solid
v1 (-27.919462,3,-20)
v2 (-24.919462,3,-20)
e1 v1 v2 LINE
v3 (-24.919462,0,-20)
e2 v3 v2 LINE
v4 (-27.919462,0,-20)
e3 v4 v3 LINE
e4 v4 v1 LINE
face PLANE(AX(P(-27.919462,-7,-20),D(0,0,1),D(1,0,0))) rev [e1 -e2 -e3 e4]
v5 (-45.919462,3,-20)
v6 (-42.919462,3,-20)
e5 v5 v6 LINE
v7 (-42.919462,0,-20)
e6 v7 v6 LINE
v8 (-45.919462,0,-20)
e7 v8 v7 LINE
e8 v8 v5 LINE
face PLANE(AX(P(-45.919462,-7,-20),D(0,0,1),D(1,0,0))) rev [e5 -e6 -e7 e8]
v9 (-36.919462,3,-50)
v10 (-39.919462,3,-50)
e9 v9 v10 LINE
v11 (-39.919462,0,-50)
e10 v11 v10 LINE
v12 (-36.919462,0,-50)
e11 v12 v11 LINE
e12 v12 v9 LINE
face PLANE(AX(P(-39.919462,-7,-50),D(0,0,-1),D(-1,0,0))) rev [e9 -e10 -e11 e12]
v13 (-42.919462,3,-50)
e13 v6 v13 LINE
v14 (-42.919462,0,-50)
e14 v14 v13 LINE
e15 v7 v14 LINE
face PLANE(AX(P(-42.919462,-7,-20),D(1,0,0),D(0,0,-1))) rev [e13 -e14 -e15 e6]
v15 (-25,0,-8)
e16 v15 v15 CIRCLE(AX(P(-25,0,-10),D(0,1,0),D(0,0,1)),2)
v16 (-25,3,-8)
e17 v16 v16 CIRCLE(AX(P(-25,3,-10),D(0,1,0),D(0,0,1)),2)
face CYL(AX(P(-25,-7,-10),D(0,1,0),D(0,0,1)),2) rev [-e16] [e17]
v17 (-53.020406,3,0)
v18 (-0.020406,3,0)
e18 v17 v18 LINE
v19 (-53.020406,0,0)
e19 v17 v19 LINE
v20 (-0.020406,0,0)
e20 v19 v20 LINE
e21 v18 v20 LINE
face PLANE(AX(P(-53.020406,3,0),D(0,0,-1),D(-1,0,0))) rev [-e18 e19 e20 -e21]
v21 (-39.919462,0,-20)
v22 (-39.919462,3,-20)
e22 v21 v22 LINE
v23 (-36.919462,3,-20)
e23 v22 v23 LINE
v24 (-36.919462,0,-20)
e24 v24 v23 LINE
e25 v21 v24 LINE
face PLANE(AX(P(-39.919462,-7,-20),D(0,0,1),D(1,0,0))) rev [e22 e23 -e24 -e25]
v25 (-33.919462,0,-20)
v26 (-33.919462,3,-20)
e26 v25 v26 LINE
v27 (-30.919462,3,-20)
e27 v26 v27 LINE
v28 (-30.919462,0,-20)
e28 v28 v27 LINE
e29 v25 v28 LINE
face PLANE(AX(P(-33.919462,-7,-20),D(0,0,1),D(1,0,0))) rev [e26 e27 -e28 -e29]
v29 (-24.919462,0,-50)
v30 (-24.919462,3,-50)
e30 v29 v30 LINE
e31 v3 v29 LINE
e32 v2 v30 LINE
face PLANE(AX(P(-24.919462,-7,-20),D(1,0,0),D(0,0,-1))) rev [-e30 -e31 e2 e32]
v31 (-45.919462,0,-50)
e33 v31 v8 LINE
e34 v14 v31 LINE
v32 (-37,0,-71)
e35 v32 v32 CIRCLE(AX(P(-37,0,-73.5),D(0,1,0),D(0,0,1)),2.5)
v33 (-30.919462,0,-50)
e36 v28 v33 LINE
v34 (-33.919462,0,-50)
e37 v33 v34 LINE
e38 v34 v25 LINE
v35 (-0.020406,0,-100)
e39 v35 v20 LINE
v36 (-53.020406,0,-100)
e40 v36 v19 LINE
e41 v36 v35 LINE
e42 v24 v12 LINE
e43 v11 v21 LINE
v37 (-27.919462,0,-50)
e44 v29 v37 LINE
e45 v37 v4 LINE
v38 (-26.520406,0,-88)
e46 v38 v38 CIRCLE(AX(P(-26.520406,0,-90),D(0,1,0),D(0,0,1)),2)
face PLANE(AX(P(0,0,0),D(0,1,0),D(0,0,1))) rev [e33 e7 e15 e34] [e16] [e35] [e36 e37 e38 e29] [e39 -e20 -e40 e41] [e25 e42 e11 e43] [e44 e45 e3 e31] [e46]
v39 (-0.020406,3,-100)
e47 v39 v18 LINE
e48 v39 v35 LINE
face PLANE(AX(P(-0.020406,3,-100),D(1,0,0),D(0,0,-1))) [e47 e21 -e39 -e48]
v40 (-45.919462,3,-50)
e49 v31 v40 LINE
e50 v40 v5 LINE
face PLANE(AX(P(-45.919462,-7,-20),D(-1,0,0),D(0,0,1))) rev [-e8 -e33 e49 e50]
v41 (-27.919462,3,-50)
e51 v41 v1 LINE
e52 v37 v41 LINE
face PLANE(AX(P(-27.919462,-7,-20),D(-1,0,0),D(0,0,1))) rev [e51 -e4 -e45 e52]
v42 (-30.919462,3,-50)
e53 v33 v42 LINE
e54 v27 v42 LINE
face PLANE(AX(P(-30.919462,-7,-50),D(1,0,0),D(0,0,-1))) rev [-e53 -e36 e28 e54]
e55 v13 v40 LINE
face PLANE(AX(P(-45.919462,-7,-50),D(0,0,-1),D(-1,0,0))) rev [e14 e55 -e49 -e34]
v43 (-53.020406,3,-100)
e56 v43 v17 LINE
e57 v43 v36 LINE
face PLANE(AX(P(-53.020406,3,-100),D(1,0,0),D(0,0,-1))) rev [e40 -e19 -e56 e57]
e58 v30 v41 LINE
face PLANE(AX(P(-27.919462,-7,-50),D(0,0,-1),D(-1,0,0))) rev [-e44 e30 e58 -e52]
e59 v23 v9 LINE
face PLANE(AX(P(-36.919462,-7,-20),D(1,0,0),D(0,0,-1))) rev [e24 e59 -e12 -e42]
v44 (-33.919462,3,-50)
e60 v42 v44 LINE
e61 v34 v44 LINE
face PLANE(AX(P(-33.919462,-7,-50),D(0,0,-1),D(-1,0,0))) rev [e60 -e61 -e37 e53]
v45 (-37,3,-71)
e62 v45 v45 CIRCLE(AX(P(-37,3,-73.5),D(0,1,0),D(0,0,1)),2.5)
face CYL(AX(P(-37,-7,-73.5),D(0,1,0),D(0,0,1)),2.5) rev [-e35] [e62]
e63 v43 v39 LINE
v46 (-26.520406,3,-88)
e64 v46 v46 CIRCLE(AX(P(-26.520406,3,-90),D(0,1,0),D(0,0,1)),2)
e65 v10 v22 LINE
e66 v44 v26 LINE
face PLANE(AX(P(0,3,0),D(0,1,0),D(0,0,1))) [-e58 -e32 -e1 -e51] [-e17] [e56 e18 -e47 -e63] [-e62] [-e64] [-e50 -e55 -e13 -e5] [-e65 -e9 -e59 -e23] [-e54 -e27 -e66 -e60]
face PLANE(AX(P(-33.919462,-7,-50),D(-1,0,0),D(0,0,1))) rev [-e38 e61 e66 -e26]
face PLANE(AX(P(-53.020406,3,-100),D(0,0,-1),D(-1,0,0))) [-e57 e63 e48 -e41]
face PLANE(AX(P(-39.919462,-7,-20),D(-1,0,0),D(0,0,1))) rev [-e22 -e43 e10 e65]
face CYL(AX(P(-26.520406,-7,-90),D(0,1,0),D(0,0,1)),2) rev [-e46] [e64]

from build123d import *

# Parameters (mm, degrees)
ESBO_O2_W                = 53
ESBO_O2_H                = 100
RESSALTO_EXTRUS_O1_DEPTH = 3
ESBO_O3_R                = 2
CORTE_EXTRUS_O1_DEPTH    = 10
ESBO_O4_R                = 2.5
CORTE_EXTRUS_O3_DEPTH    = 10
ESBO_O5_R                = 2
CORTE_EXTRUS_O4_DEPTH    = 10
ESBO_O6_W                = 3
ESBO_O6_H                = 30
CORTE_EXTRUS_O8_DEPTH    = 10


with BuildPart() as part:
    # Esboço2 → Ressalto-extrusão1 (new body)
    with BuildSketch(Plane(origin=(0, 0, 0), x_dir=(1, 0, 0), z_dir=(0, 1, 0))):
        with Locations((-26.520406012, 50)):
            Rectangle(ESBO_O2_W, ESBO_O2_H)
    extrude(amount=RESSALTO_EXTRUS_O1_DEPTH)

    # Esboço3 → Corte-extrusão1 (cut)
    with BuildSketch(Plane(origin=(0, 3, 0), x_dir=(1, 0, 0), z_dir=(0, 1, 0))):
        with Locations(Location((-25, 10, 0), (0, 0, 270))):
            Circle(ESBO_O3_R)
    extrude(amount=-CORTE_EXTRUS_O1_DEPTH, mode=Mode.SUBTRACT)

    # Esboço4 → Corte-extrusão3 (cut)
    with BuildSketch(Plane(origin=(0, 3, 0), x_dir=(1, 0, 0), z_dir=(0, 1, 0))):
        with Locations(Location((-37, 73.5, 0), (0, 0, 270))):
            Circle(ESBO_O4_R)
    extrude(amount=-CORTE_EXTRUS_O3_DEPTH, mode=Mode.SUBTRACT)

    # Esboço5 → Corte-extrusão4 (cut)
    with BuildSketch(Plane(origin=(0, 3, 0), x_dir=(1, 0, 0), z_dir=(0, 1, 0))):
        with Locations(Location((-26.520406012, 90, 0), (0, 0, 270))):
            Circle(ESBO_O5_R)
    extrude(amount=-CORTE_EXTRUS_O4_DEPTH, mode=Mode.SUBTRACT)

    # Esboço6 → Corte-extrusão8 (cut)
    with BuildSketch(Plane(origin=(0, 3, 0), x_dir=(1, 0, 0), z_dir=(0, 1, 0))):
        with Locations((-44.419461936, 35)):
            Rectangle(ESBO_O6_W, ESBO_O6_H)
        with Locations((-38.419461936, 35)):
            Rectangle(ESBO_O6_W, ESBO_O6_H)
        with Locations((-32.419461936, 35)):
            Rectangle(ESBO_O6_W, ESBO_O6_H)
        with Locations((-26.419461936, 35)):
            Rectangle(ESBO_O6_W, ESBO_O6_H)
    extrude(amount=-CORTE_EXTRUS_O8_DEPTH, mode=Mode.SUBTRACT)


solid = part.part
